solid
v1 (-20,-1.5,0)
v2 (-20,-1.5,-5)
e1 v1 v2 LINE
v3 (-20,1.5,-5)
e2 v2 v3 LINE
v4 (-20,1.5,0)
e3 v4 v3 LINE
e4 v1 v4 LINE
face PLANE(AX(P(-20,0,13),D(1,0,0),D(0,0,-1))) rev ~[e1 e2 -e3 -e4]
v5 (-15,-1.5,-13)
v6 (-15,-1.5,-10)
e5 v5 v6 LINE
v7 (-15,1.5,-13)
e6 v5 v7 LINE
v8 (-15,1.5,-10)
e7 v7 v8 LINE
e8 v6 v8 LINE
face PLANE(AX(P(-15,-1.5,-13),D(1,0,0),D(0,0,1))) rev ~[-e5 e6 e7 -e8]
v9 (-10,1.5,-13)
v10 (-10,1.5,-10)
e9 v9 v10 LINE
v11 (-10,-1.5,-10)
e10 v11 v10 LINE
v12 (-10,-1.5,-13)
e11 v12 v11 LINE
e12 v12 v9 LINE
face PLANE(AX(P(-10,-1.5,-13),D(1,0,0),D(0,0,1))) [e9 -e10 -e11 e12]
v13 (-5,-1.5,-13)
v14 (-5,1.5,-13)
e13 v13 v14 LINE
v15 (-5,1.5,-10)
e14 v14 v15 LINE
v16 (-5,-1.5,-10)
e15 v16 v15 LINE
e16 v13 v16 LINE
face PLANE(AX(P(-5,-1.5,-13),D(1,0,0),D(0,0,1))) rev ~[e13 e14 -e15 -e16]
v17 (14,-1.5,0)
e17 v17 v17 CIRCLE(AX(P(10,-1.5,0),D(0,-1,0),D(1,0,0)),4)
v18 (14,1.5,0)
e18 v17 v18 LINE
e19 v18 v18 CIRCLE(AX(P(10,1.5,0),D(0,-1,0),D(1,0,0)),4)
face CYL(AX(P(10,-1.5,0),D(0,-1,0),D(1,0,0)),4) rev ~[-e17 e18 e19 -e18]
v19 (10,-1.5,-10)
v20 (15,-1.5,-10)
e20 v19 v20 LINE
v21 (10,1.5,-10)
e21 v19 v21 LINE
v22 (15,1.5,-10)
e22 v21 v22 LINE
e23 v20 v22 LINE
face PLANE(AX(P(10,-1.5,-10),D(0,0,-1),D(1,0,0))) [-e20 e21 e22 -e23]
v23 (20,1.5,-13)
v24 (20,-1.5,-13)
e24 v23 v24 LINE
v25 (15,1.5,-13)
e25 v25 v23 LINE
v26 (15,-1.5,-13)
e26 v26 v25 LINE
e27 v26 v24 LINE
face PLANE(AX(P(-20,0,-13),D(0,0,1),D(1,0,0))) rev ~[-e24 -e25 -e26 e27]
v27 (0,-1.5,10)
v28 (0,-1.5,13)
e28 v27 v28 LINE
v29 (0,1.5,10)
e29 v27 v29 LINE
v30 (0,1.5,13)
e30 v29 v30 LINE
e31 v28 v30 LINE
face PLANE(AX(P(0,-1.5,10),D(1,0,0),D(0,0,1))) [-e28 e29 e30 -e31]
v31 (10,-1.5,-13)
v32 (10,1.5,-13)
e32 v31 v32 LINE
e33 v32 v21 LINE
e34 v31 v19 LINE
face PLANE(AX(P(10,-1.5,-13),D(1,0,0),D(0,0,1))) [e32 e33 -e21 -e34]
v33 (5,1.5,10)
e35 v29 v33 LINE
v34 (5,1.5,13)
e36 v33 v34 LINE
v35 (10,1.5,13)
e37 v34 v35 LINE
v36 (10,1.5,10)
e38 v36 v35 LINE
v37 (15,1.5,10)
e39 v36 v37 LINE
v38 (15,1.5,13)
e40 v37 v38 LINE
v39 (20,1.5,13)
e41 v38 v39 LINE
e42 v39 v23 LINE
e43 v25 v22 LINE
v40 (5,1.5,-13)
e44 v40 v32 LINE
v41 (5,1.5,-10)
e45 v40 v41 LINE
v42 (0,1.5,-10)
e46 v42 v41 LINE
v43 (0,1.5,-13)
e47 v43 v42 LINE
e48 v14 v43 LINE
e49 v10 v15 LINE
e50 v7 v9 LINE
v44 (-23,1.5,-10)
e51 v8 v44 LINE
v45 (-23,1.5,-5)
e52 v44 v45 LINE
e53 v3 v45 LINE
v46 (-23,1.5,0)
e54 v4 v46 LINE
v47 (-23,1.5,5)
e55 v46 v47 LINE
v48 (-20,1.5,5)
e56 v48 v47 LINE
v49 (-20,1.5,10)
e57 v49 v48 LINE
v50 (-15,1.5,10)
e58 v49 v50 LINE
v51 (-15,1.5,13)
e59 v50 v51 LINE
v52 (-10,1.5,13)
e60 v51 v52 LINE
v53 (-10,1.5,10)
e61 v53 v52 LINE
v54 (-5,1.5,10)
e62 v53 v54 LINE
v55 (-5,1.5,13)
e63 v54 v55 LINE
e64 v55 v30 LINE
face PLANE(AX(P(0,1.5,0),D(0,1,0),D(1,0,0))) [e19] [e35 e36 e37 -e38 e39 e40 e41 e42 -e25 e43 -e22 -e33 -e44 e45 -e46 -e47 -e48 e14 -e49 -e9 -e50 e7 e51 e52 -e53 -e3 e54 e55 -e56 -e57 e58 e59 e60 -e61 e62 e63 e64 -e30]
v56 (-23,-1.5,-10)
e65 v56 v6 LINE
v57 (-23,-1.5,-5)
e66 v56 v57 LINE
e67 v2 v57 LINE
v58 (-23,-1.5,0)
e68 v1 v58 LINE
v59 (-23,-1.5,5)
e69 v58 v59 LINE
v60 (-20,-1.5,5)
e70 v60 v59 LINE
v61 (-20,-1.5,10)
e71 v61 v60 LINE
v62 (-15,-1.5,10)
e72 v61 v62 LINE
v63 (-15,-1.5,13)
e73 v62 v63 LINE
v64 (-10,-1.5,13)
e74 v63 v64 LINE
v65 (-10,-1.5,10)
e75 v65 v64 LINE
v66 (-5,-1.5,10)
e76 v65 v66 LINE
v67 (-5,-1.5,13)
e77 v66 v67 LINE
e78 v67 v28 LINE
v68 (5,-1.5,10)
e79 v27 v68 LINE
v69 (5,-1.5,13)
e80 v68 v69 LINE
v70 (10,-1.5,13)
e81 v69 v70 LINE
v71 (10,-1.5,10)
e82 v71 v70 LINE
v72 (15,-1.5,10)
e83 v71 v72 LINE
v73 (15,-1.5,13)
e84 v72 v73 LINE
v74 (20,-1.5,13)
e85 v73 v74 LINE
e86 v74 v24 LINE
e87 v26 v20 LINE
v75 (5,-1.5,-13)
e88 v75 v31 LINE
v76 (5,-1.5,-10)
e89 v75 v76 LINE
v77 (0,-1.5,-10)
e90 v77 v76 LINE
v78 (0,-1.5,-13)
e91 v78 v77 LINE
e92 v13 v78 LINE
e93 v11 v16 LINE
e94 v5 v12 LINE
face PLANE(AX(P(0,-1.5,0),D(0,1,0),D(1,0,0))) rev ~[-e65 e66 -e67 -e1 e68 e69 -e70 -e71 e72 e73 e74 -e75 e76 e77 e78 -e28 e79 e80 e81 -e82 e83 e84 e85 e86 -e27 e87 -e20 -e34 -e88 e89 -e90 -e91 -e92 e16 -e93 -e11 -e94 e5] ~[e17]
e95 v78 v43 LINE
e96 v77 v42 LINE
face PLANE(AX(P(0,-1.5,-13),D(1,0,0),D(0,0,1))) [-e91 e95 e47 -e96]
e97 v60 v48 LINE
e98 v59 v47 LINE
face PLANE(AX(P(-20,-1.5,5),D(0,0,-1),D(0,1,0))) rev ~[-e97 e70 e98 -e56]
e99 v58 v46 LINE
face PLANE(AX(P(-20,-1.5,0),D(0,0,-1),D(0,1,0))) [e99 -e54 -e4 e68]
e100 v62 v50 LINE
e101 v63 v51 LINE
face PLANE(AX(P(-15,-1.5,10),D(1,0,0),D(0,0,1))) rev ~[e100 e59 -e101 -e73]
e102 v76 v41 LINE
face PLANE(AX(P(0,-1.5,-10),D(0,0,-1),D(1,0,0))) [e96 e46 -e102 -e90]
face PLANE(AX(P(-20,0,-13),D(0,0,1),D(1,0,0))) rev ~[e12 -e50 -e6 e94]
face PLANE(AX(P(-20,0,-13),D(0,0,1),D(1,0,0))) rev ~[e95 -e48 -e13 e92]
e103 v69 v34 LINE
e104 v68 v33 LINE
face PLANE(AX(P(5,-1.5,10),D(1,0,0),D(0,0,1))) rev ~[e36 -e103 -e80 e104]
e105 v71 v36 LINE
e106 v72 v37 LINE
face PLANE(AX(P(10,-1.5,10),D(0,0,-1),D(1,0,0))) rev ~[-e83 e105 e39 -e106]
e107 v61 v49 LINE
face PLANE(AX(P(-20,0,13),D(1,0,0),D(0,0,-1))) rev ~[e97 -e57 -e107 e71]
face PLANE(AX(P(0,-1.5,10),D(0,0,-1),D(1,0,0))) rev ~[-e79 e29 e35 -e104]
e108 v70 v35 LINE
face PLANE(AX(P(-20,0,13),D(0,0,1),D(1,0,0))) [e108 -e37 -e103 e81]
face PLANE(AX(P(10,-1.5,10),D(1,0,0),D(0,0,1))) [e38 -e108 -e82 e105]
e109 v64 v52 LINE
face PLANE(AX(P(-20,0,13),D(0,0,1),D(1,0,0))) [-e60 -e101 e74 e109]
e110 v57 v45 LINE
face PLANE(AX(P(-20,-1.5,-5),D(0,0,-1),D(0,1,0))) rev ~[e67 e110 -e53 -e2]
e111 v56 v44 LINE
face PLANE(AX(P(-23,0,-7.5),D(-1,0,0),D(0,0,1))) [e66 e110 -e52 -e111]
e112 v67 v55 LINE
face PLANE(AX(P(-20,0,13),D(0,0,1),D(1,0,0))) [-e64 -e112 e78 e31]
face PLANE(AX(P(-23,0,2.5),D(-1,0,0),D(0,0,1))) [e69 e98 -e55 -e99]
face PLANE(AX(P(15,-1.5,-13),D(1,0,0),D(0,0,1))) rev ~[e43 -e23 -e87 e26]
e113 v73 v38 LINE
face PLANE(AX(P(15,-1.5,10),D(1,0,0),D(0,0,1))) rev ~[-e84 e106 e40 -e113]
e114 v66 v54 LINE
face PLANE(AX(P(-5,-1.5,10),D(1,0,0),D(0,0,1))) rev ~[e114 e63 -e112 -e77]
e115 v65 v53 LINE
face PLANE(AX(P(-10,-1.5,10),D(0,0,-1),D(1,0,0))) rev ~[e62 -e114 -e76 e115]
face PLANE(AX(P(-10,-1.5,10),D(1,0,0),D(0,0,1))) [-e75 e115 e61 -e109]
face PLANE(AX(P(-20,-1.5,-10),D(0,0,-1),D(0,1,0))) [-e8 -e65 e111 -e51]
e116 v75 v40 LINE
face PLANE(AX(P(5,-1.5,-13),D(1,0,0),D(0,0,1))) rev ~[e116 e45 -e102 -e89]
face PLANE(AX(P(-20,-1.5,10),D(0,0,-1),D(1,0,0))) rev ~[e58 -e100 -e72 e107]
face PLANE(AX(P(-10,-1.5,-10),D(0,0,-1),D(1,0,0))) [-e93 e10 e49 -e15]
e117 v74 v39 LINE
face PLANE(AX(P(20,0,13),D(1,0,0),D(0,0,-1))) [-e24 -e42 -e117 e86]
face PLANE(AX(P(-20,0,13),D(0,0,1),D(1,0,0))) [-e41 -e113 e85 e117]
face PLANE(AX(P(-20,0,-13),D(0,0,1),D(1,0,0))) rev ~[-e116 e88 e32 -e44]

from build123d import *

# Parameters (mm, degrees)
SKETCH1_W           = 40
SKETCH1_H           = 26
BOSS_EXTRUDE1_DEPTH = 1.5
SKETCH2_R           = 4
CUT_EXTRUDE1_DEPTH  = 3
SKETCH8_W           = 5
SKETCH8_H           = 3
BOSS_EXTRUDE7_DEPTH = 3
SKETCH9_W           = 5
SKETCH9_H           = 3
CUT_EXTRUDE2_DEPTH  = 3


with BuildPart() as part:
    # Sketch1 → Boss-Extrude1 (new body, symmetric)
    with BuildSketch(Plane(origin=(0, 0, 0), x_dir=(1, 0, 0), z_dir=(0, 1, 0))):
        Rectangle(SKETCH1_W, SKETCH1_H)
    extrude(amount=BOSS_EXTRUDE1_DEPTH, both=True)

    # Sketch2 → Cut-Extrude1 (cut)
    with BuildSketch(Plane.XZ.offset(1.5)):
        with Locations((10, 0)):
            Circle(SKETCH2_R)
    extrude(amount=-CUT_EXTRUDE1_DEPTH, mode=Mode.SUBTRACT)

    # Sketch8 → Boss-Extrude7 (add)
    with BuildSketch(Plane.ZY.offset(20)):
        with Locations((-7.5, 0)):
            Rectangle(SKETCH8_W, SKETCH8_H)
        with Locations((2.5, 0)):
            Rectangle(SKETCH8_W, SKETCH8_H)
    extrude(amount=BOSS_EXTRUDE7_DEPTH)

    # Sketch9 → Cut-Extrude2 (cut)
    with BuildSketch(Plane.XZ.offset(1.5)):
        with Locations((-17.5, -11.5)):
            Rectangle(SKETCH9_W, SKETCH9_H)
        with Locations((-7.5, -11.5)):
            Rectangle(SKETCH9_W, SKETCH9_H)
        with Locations((-17.5, 11.5)):
            Rectangle(SKETCH9_W, SKETCH9_H)
        with Locations((-7.5, 11.5)):
            Rectangle(SKETCH9_W, SKETCH9_H)
        with Locations((2.5, 11.5)):
            Rectangle(SKETCH9_W, SKETCH9_H)
        with Locations((12.5, 11.5)):
            Rectangle(SKETCH9_W, SKETCH9_H)
        with Locations((2.5, -11.5)):
            Rectangle(SKETCH9_W, SKETCH9_H)
        with Locations((12.5, -11.5)):
            Rectangle(SKETCH9_W, SKETCH9_H)
    extrude(amount=-CUT_EXTRUDE2_DEPTH, mode=Mode.SUBTRACT)


solid = part.part
